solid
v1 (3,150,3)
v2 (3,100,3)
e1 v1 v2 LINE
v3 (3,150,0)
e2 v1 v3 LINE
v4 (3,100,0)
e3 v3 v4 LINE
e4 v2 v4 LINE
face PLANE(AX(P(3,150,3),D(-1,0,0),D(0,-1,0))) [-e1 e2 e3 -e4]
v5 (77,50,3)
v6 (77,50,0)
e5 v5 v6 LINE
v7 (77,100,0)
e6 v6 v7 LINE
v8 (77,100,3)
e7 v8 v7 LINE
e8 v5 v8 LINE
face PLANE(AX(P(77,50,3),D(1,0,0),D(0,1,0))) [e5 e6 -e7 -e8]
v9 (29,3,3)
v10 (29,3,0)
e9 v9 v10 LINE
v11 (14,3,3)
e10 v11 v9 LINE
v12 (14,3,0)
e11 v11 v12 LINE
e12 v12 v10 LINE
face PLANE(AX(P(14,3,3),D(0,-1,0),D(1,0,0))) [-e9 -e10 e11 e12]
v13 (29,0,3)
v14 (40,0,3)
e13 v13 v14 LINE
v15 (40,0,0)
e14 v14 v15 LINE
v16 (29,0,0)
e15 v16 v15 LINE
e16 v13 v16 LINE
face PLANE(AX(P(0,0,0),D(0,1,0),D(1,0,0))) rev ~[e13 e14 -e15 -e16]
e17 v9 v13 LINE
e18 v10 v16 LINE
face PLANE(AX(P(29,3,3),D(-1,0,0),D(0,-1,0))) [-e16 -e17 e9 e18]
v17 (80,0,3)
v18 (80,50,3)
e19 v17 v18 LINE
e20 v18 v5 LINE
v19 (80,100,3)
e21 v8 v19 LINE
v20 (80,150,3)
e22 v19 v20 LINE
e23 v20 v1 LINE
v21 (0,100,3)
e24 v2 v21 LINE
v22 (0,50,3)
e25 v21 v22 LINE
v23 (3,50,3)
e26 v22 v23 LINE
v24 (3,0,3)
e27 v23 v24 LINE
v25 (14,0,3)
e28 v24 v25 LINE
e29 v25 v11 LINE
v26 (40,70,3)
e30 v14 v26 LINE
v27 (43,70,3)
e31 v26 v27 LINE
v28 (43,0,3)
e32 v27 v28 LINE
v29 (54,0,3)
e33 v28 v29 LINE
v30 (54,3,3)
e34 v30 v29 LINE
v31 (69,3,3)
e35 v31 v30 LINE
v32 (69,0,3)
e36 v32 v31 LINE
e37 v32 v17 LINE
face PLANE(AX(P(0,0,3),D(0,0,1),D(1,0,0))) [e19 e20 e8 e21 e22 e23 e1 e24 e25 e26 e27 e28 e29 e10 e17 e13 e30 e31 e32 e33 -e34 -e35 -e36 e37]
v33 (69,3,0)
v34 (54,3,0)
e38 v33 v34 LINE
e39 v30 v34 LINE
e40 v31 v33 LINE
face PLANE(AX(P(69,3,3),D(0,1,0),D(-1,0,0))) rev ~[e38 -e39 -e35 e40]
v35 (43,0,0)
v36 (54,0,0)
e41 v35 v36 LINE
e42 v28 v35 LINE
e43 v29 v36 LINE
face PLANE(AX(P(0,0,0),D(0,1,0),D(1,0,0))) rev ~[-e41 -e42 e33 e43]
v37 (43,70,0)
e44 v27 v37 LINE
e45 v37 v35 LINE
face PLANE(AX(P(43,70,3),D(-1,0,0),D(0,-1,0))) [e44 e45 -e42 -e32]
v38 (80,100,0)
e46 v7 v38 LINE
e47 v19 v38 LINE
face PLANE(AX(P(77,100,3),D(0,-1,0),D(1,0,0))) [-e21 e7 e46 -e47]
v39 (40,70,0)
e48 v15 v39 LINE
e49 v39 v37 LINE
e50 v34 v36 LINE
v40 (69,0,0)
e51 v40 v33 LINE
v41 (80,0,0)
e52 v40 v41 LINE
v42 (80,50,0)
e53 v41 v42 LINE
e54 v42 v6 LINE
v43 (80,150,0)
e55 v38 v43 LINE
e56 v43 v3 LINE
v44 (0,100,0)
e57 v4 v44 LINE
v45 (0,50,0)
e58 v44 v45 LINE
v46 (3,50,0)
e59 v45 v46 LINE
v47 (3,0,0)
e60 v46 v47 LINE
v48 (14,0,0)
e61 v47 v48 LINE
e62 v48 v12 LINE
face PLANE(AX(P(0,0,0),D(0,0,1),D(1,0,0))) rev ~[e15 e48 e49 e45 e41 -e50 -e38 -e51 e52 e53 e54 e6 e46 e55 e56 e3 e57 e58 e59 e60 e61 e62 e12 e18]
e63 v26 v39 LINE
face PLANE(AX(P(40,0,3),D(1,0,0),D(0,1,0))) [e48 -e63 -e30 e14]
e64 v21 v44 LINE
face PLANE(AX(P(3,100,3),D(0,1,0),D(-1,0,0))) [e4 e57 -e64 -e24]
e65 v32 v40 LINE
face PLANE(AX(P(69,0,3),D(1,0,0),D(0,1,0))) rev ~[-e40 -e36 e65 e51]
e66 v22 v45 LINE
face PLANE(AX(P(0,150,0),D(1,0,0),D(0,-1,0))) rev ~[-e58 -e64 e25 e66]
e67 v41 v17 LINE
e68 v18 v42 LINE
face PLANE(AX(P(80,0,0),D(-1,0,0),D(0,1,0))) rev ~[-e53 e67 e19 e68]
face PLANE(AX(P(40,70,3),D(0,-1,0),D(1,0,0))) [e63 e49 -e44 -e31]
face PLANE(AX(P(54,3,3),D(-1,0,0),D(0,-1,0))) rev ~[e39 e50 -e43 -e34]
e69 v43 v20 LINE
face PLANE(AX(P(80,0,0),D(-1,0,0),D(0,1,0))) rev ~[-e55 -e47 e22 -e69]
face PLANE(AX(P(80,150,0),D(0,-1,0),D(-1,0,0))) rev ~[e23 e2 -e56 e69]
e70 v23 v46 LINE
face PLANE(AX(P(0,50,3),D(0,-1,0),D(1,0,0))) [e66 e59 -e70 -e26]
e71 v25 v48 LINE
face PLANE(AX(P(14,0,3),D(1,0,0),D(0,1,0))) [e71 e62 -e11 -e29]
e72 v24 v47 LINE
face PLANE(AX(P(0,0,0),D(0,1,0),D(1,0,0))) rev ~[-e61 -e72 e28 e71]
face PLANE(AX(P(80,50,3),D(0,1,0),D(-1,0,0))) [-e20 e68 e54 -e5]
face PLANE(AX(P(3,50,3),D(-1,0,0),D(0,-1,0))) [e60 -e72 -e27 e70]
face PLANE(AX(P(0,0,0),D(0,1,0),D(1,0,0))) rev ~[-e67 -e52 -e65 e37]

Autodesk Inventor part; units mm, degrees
ref_plane "YZ Plane" through (0, 0, 0) normal (1, 0, 0) x (0, 1, 0)
ref_plane "XZ Plane" through (0, 0, 0) normal (0, 1, 0) x (-1, 0, 0)
ref_plane "XY Plane" through (0, 0, 0) normal (0, 0, 1) x (1, 0, 0)
sketch "Boceto1" plane through (0, 0, 0) normal (0, 0, 1) x (1, 0, 0)
  line L0 (0, 0) -> (80, 0)
  line L1 (80, 0) -> (80, 150)
  line L2 (80, 150) -> (0, 150)
  line L3 (0, 150) -> (0, 0)
  dimension "d0" = 80
  dimension "d1" = 150
extrude "Extrusión1" add sketch "Boceto1" along normal blind 3
sketch "Boceto2" plane through (0, 0, 3) normal (0, 0, 1) x (1, 0, 0)
  line L0 (0, 0) -> (80, 0) construction
  line L1 (80, 0) -> (80, 150) construction
  line L2 (80, 150) -> (0, 150) construction
  line L3 (0, 150) -> (0, 0) construction
  line L4 (3, 0) -> (0, 0)
  line L5 (0, 0) -> (0, 50)
  line L6 (0, 50) -> (3, 50)
  line L7 (3, 50) -> (3, 0)
  line L8 (0, 150) -> (3, 150)
  line L9 (3, 150) -> (3, 100)
  line L10 (3, 100) -> (0, 100)
  line L11 (0, 100) -> (0, 150)
  line L12 (77, 100) -> (80, 100)
  line L13 (80, 100) -> (80, 50)
  line L14 (80, 50) -> (77, 50)
  line L15 (77, 50) -> (77, 100)
  line L16 (80, 0) -> (80, 150) construction
  point P0 (80, 75)
  point P1 (80, 75)
  dimension "d4" = 3
  dimension "d5" = 50
  dimension "d6" = 3
  dimension "d7" = 50
  dimension "d8" = 50
  dimension "d9" = 3
extrude "Extrusión2" cut sketch "Boceto2" against normal blind 3
sketch "Boceto3" plane through (0, 0, 3) normal (0, 0, 1) x (1, 0, 0)
  line L0 (3, 50) -> (3, 0) construction
  line L1 (3, 0) -> (80, 0) construction
  line L2 (80, 0) -> (80, 50) construction
  line L3 (80, 50) -> (77, 50) construction
  line L4 (77, 50) -> (77, 100) construction
  line L5 (77, 100) -> (80, 100) construction
  line L6 (80, 100) -> (80, 150) construction
  line L7 (80, 150) -> (3, 150) construction
  line L8 (3, 150) -> (3, 100) construction
  line L9 (3, 100) -> (0, 100) construction
  line L10 (0, 100) -> (0, 50) construction
  line L11 (0, 50) -> (3, 50) construction
  line L12 (40, 70) -> (43, 70)
  line L13 (43, 70) -> (43, 0)
  line L14 (43, 0) -> (40, 0)
  line L15 (40, 0) -> (40, 70)
  line L16 (3, 0) -> (80, 0) construction
  point P0 (0, 0)
  point P1 (41.5, 0)
  point P2 (41.5, 0)
  dimension "d12" = 3
  dimension "d13" = 70
extrude "Extrusión3" cut sketch "Boceto3" against normal blind 10
sketch "Boceto4" plane through (0, 0, 3) normal (0, 0, 1) x (1, 0, 0)
  line L0 (43, 70) -> (43, 0) construction
  line L1 (43, 0) -> (80, 0) construction
  line L2 (80, 0) -> (80, 50) construction
  line L3 (80, 50) -> (77, 50) construction
  line L4 (77, 50) -> (77, 100) construction
  line L5 (77, 100) -> (80, 100) construction
  line L6 (80, 100) -> (80, 150) construction
  line L7 (80, 150) -> (3, 150) construction
  line L8 (3, 150) -> (3, 100) construction
  line L9 (3, 100) -> (0, 100) construction
  line L10 (0, 100) -> (0, 50) construction
  line L11 (0, 50) -> (3, 50) construction
  line L12 (3, 50) -> (3, 0) construction
  line L13 (3, 0) -> (40, 0) construction
  line L14 (40, 0) -> (40, 70) construction
  line L15 (40, 70) -> (43, 70) construction
  line L16 (14, 3) -> (29, 3)
  line L17 (29, 3) -> (29, 0)
  line L18 (29, 0) -> (14, 0)
  line L19 (14, 0) -> (14, 3)
  line L20 (69, 3) -> (54, 3)
  line L21 (54, 3) -> (54, 0)
  line L22 (54, 0) -> (69, 0)
  line L23 (69, 0) -> (69, 3)
  line L24 (3, 0) -> (40, 0) construction
  point P0 (0, 0)
  point P1 (61.5, 0)
  point P2 (61.5, 0)
  point P3 (21.5, 0)
  point P4 (21.5, 0)
  dimension "d16" = 3
  dimension "d17" = 3
  dimension "d18" = 15
  dimension "d19" = 15
extrude "Extrusión4" cut sketch "Boceto4" against normal blind 10
equation "\"d6\" = d4"
equation "\"d7\" = d5"
equation "\"d8\" = d7"
equation "\"d9\" = d4"
equation "\"d19\" = d18"
properties part number "Pared Garita2"
